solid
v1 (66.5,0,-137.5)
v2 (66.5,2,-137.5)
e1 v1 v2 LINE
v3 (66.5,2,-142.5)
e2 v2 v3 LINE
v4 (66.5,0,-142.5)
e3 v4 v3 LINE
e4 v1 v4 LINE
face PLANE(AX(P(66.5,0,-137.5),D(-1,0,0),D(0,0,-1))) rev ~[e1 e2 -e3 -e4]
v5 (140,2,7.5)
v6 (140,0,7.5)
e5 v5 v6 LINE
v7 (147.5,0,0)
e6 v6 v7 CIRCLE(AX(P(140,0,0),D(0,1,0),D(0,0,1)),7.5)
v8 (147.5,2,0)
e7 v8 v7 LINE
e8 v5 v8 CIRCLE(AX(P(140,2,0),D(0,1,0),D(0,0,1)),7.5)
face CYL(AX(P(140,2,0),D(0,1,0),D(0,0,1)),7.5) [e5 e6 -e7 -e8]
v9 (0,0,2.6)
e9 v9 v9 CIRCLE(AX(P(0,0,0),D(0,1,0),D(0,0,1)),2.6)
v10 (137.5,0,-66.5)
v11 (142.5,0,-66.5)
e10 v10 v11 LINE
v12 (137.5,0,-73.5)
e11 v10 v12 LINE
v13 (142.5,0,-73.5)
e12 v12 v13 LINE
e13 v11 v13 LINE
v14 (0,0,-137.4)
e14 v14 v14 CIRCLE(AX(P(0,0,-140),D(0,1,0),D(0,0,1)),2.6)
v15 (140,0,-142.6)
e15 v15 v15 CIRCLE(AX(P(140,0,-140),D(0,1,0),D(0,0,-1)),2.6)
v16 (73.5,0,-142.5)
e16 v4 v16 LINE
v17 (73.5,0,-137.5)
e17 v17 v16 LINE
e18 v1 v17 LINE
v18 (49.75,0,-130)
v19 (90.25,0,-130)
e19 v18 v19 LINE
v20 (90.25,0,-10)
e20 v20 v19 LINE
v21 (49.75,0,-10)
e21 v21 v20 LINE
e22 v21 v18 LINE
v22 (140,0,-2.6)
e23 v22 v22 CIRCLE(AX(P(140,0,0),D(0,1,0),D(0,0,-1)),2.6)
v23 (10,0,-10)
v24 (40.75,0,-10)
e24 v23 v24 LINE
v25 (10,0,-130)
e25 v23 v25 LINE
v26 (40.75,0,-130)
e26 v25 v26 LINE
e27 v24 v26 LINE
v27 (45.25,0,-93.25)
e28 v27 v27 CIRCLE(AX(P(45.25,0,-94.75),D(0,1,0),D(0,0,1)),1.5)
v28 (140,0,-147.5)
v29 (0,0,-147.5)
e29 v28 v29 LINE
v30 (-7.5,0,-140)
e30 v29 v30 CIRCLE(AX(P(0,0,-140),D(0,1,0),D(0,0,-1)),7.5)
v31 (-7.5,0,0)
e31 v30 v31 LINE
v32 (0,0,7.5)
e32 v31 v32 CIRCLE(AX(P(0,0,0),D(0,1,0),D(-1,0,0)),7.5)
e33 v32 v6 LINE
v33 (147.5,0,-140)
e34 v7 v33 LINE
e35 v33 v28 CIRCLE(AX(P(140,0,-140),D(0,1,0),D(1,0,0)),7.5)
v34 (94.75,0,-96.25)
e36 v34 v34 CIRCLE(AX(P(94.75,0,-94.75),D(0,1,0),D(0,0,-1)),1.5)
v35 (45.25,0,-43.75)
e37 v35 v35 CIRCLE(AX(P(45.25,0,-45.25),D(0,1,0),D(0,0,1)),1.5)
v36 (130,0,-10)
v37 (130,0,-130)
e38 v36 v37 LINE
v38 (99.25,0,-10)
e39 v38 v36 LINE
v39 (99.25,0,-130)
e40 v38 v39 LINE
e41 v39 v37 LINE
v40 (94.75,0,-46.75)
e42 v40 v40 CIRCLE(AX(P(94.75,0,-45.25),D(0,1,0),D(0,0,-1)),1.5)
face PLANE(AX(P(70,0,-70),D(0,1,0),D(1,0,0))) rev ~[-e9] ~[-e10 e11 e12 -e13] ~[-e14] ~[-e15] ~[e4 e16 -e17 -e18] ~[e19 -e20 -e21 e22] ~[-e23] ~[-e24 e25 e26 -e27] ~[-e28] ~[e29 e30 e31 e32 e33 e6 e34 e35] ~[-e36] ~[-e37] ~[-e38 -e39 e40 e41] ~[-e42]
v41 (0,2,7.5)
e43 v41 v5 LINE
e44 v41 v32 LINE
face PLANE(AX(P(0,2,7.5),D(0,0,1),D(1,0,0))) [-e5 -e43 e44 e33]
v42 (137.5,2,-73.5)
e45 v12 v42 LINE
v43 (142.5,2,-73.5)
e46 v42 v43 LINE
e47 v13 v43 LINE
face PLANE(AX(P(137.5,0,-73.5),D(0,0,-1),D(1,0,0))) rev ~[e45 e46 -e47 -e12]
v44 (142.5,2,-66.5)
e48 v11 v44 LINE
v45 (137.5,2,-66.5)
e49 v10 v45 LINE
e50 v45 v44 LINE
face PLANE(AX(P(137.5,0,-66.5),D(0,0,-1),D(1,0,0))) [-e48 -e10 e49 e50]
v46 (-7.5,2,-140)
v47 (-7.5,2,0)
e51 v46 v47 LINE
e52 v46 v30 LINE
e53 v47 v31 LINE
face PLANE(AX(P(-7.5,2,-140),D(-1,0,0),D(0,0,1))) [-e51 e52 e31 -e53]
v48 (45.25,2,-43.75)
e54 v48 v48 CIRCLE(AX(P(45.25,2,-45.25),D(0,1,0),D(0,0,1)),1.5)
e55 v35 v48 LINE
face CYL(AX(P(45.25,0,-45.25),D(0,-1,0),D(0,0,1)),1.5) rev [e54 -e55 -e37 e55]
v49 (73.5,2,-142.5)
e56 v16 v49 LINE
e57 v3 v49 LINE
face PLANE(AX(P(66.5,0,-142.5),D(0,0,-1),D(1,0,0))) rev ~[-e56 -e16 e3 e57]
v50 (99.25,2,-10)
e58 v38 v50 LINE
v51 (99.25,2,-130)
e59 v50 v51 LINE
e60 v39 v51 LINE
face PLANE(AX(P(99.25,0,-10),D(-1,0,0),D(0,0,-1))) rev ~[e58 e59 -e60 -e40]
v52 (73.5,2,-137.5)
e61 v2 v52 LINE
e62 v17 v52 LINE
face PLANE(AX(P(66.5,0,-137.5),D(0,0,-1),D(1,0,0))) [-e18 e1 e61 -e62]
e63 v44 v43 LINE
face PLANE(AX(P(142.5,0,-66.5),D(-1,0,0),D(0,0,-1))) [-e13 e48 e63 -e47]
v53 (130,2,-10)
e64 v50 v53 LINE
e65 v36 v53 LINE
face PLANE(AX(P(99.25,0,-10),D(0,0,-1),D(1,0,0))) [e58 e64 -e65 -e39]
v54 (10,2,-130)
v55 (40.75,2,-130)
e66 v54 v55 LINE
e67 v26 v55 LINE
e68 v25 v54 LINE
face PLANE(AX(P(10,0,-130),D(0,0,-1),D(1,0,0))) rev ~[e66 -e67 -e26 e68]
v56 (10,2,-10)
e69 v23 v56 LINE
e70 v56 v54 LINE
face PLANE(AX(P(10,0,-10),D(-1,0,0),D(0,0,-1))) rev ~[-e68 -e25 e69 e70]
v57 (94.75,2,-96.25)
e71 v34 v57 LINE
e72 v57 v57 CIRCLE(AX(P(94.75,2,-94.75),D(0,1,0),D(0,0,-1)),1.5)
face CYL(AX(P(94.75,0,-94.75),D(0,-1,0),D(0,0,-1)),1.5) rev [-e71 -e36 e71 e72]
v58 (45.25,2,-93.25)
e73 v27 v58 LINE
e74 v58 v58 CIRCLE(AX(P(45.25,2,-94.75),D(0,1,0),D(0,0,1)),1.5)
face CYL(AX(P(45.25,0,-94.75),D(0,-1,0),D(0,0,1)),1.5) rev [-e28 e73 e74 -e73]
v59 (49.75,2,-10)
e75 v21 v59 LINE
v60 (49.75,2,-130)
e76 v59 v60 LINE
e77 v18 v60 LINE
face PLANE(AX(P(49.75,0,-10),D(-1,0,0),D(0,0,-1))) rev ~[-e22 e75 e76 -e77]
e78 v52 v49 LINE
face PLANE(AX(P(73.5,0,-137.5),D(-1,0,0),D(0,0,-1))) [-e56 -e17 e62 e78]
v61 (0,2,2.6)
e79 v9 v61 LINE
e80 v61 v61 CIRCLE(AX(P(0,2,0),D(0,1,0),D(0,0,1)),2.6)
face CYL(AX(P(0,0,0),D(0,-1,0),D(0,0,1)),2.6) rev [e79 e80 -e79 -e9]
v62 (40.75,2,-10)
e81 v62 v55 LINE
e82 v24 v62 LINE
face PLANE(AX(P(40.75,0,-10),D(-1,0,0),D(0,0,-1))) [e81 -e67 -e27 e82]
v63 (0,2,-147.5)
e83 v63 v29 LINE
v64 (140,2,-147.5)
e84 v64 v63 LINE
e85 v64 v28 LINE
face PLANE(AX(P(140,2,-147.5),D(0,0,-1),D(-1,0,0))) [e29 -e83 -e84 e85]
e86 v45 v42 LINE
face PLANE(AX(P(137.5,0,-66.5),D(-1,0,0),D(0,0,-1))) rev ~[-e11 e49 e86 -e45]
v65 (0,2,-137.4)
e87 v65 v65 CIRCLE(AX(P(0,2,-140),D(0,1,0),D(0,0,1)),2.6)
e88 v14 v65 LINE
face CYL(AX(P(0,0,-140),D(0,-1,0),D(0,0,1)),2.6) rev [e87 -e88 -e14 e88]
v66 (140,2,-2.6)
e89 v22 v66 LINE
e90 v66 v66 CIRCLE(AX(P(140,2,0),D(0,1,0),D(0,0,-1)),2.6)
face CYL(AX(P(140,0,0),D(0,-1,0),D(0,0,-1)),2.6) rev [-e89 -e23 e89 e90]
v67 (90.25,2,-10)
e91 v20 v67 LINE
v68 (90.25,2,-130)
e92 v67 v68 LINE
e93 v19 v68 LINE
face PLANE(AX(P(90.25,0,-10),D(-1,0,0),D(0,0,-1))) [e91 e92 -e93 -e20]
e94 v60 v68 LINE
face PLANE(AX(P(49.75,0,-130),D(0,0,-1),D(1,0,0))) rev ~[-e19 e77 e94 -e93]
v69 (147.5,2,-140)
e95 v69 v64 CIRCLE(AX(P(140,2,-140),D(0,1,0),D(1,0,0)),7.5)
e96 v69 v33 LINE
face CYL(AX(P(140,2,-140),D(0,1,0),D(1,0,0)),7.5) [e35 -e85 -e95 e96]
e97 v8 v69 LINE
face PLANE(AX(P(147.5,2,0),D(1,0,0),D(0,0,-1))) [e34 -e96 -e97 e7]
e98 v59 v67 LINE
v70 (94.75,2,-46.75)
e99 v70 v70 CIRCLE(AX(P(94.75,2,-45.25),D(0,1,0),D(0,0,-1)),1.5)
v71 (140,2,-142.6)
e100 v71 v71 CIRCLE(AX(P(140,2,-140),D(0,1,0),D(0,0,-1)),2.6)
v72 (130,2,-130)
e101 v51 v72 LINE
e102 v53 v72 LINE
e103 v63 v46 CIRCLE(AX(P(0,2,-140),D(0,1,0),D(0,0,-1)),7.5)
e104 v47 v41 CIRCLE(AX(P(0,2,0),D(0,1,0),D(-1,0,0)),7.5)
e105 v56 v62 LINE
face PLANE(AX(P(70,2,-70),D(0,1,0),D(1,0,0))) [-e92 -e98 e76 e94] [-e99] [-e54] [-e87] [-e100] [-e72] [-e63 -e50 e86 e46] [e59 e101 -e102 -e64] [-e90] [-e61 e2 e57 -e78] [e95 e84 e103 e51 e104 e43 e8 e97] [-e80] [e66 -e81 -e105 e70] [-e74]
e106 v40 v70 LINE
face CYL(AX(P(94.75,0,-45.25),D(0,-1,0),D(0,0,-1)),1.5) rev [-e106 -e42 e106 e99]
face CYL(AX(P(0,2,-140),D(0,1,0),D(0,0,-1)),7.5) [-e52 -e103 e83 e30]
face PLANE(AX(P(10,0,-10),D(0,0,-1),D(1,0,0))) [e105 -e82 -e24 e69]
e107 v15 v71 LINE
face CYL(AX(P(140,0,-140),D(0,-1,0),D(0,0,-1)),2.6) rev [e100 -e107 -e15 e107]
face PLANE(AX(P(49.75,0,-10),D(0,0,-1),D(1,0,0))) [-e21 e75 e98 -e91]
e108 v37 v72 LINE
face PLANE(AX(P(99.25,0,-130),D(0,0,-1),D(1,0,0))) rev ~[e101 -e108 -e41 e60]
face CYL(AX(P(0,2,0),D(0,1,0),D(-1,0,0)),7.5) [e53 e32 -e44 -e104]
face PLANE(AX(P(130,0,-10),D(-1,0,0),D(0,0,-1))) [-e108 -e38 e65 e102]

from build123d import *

# Parameters (mm, degrees)
CROQUIS1_W              = 160
CROQUIS1_H              = 160
CROQUIS1_R              = 1.5
CROQUIS1_R_2            = 2.6
CROQUIS1_W_2            = 30.75
CROQUIS1_H_2            = 120
CROQUIS1_W_3            = 40.5
CROQUIS1_W_4            = 5
CROQUIS1_H_3            = 7
CROQUIS1_W_5            = 7
CROQUIS1_H_4            = 5
SALIENTE_EXTRUIR1_DEPTH = 2
CROQUIS2_W              = 160
CROQUIS2_H              = 160
CORTAR_EXTRUIR1_DEPTH   = 74


with BuildPart() as part:
    # Croquis1 → Saliente-Extruir1 (new body)
    with BuildSketch(Plane(origin=(0, 0, 0), x_dir=(1, 0, 0), z_dir=(0, 1, 0))):
        with Locations((70, 70)):
            Rectangle(CROQUIS1_W, CROQUIS1_H)
        with Locations(Location((45.25, 94.75, 0), (0, 0, 270))):
            Circle(CROQUIS1_R, mode=Mode.SUBTRACT)
        with Locations(Location((45.25, 45.25, 0), (0, 0, 270))):
            Circle(CROQUIS1_R, mode=Mode.SUBTRACT)
        with Locations(Location((0, 140, 0), (0, 0, 270))):
            Circle(CROQUIS1_R_2, mode=Mode.SUBTRACT)
        with Locations(Location((0, 0, 0), (0, 0, 270))):
            Circle(CROQUIS1_R_2, mode=Mode.SUBTRACT)
        with Locations(Location((94.75, 94.75, 0), (0, 0, 90))):
            Circle(CROQUIS1_R, mode=Mode.SUBTRACT)
        with Locations(Location((94.75, 45.25, 0), (0, 0, 90))):
            Circle(CROQUIS1_R, mode=Mode.SUBTRACT)
        with Locations(Location((140, 0, 0), (0, 0, 90))):
            Circle(CROQUIS1_R_2, mode=Mode.SUBTRACT)
        with Locations(Location((140, 140, 0), (0, 0, 90))):
            Circle(CROQUIS1_R_2, mode=Mode.SUBTRACT)
        with Locations((25.375, 70)):
            Rectangle(CROQUIS1_W_2, CROQUIS1_H_2, mode=Mode.SUBTRACT)
        with Locations((114.625, 70)):
            Rectangle(CROQUIS1_W_2, CROQUIS1_H_2, mode=Mode.SUBTRACT)
        with Locations((70, 70)):
            Rectangle(CROQUIS1_W_3, CROQUIS1_H_2, mode=Mode.SUBTRACT)
        with Locations((140, 70)):
            Rectangle(CROQUIS1_W_4, CROQUIS1_H_3, mode=Mode.SUBTRACT)
        with Locations((70, 140)):
            Rectangle(CROQUIS1_W_5, CROQUIS1_H_4, mode=Mode.SUBTRACT)
    extrude(amount=SALIENTE_EXTRUIR1_DEPTH)

    # Croquis2 → Cortar-Extruir1 (cut)
    with BuildSketch(Plane(origin=(0, 2, 0), x_dir=(1, 0, 0), z_dir=(0, 1, 0))):
        with Locations((70, 70)):
            Rectangle(CROQUIS2_W, CROQUIS2_H)
        with BuildLine():
            Line((0, -7.5), (140, -7.5))
            ThreePointArc((140, -7.5), (145.303300859, -5.303300859), (147.5, 0))
            Line((147.5, 0), (147.5, 140))
            ThreePointArc((147.5, 140), (145.303300859, 145.303300859), (140, 147.5))
            Line((140, 147.5), (0, 147.5))
            ThreePointArc((0, 147.5), (-5.303300859, 145.303300859), (-7.5, 140))
            Line((-7.5, 140), (-7.5, 0))
            ThreePointArc((-7.5, 0), (-5.303300859, -5.303300859), (0, -7.5))
        make_face(mode=Mode.SUBTRACT)
    extrude(amount=-CORTAR_EXTRUIR1_DEPTH, mode=Mode.SUBTRACT)


solid = part.part
